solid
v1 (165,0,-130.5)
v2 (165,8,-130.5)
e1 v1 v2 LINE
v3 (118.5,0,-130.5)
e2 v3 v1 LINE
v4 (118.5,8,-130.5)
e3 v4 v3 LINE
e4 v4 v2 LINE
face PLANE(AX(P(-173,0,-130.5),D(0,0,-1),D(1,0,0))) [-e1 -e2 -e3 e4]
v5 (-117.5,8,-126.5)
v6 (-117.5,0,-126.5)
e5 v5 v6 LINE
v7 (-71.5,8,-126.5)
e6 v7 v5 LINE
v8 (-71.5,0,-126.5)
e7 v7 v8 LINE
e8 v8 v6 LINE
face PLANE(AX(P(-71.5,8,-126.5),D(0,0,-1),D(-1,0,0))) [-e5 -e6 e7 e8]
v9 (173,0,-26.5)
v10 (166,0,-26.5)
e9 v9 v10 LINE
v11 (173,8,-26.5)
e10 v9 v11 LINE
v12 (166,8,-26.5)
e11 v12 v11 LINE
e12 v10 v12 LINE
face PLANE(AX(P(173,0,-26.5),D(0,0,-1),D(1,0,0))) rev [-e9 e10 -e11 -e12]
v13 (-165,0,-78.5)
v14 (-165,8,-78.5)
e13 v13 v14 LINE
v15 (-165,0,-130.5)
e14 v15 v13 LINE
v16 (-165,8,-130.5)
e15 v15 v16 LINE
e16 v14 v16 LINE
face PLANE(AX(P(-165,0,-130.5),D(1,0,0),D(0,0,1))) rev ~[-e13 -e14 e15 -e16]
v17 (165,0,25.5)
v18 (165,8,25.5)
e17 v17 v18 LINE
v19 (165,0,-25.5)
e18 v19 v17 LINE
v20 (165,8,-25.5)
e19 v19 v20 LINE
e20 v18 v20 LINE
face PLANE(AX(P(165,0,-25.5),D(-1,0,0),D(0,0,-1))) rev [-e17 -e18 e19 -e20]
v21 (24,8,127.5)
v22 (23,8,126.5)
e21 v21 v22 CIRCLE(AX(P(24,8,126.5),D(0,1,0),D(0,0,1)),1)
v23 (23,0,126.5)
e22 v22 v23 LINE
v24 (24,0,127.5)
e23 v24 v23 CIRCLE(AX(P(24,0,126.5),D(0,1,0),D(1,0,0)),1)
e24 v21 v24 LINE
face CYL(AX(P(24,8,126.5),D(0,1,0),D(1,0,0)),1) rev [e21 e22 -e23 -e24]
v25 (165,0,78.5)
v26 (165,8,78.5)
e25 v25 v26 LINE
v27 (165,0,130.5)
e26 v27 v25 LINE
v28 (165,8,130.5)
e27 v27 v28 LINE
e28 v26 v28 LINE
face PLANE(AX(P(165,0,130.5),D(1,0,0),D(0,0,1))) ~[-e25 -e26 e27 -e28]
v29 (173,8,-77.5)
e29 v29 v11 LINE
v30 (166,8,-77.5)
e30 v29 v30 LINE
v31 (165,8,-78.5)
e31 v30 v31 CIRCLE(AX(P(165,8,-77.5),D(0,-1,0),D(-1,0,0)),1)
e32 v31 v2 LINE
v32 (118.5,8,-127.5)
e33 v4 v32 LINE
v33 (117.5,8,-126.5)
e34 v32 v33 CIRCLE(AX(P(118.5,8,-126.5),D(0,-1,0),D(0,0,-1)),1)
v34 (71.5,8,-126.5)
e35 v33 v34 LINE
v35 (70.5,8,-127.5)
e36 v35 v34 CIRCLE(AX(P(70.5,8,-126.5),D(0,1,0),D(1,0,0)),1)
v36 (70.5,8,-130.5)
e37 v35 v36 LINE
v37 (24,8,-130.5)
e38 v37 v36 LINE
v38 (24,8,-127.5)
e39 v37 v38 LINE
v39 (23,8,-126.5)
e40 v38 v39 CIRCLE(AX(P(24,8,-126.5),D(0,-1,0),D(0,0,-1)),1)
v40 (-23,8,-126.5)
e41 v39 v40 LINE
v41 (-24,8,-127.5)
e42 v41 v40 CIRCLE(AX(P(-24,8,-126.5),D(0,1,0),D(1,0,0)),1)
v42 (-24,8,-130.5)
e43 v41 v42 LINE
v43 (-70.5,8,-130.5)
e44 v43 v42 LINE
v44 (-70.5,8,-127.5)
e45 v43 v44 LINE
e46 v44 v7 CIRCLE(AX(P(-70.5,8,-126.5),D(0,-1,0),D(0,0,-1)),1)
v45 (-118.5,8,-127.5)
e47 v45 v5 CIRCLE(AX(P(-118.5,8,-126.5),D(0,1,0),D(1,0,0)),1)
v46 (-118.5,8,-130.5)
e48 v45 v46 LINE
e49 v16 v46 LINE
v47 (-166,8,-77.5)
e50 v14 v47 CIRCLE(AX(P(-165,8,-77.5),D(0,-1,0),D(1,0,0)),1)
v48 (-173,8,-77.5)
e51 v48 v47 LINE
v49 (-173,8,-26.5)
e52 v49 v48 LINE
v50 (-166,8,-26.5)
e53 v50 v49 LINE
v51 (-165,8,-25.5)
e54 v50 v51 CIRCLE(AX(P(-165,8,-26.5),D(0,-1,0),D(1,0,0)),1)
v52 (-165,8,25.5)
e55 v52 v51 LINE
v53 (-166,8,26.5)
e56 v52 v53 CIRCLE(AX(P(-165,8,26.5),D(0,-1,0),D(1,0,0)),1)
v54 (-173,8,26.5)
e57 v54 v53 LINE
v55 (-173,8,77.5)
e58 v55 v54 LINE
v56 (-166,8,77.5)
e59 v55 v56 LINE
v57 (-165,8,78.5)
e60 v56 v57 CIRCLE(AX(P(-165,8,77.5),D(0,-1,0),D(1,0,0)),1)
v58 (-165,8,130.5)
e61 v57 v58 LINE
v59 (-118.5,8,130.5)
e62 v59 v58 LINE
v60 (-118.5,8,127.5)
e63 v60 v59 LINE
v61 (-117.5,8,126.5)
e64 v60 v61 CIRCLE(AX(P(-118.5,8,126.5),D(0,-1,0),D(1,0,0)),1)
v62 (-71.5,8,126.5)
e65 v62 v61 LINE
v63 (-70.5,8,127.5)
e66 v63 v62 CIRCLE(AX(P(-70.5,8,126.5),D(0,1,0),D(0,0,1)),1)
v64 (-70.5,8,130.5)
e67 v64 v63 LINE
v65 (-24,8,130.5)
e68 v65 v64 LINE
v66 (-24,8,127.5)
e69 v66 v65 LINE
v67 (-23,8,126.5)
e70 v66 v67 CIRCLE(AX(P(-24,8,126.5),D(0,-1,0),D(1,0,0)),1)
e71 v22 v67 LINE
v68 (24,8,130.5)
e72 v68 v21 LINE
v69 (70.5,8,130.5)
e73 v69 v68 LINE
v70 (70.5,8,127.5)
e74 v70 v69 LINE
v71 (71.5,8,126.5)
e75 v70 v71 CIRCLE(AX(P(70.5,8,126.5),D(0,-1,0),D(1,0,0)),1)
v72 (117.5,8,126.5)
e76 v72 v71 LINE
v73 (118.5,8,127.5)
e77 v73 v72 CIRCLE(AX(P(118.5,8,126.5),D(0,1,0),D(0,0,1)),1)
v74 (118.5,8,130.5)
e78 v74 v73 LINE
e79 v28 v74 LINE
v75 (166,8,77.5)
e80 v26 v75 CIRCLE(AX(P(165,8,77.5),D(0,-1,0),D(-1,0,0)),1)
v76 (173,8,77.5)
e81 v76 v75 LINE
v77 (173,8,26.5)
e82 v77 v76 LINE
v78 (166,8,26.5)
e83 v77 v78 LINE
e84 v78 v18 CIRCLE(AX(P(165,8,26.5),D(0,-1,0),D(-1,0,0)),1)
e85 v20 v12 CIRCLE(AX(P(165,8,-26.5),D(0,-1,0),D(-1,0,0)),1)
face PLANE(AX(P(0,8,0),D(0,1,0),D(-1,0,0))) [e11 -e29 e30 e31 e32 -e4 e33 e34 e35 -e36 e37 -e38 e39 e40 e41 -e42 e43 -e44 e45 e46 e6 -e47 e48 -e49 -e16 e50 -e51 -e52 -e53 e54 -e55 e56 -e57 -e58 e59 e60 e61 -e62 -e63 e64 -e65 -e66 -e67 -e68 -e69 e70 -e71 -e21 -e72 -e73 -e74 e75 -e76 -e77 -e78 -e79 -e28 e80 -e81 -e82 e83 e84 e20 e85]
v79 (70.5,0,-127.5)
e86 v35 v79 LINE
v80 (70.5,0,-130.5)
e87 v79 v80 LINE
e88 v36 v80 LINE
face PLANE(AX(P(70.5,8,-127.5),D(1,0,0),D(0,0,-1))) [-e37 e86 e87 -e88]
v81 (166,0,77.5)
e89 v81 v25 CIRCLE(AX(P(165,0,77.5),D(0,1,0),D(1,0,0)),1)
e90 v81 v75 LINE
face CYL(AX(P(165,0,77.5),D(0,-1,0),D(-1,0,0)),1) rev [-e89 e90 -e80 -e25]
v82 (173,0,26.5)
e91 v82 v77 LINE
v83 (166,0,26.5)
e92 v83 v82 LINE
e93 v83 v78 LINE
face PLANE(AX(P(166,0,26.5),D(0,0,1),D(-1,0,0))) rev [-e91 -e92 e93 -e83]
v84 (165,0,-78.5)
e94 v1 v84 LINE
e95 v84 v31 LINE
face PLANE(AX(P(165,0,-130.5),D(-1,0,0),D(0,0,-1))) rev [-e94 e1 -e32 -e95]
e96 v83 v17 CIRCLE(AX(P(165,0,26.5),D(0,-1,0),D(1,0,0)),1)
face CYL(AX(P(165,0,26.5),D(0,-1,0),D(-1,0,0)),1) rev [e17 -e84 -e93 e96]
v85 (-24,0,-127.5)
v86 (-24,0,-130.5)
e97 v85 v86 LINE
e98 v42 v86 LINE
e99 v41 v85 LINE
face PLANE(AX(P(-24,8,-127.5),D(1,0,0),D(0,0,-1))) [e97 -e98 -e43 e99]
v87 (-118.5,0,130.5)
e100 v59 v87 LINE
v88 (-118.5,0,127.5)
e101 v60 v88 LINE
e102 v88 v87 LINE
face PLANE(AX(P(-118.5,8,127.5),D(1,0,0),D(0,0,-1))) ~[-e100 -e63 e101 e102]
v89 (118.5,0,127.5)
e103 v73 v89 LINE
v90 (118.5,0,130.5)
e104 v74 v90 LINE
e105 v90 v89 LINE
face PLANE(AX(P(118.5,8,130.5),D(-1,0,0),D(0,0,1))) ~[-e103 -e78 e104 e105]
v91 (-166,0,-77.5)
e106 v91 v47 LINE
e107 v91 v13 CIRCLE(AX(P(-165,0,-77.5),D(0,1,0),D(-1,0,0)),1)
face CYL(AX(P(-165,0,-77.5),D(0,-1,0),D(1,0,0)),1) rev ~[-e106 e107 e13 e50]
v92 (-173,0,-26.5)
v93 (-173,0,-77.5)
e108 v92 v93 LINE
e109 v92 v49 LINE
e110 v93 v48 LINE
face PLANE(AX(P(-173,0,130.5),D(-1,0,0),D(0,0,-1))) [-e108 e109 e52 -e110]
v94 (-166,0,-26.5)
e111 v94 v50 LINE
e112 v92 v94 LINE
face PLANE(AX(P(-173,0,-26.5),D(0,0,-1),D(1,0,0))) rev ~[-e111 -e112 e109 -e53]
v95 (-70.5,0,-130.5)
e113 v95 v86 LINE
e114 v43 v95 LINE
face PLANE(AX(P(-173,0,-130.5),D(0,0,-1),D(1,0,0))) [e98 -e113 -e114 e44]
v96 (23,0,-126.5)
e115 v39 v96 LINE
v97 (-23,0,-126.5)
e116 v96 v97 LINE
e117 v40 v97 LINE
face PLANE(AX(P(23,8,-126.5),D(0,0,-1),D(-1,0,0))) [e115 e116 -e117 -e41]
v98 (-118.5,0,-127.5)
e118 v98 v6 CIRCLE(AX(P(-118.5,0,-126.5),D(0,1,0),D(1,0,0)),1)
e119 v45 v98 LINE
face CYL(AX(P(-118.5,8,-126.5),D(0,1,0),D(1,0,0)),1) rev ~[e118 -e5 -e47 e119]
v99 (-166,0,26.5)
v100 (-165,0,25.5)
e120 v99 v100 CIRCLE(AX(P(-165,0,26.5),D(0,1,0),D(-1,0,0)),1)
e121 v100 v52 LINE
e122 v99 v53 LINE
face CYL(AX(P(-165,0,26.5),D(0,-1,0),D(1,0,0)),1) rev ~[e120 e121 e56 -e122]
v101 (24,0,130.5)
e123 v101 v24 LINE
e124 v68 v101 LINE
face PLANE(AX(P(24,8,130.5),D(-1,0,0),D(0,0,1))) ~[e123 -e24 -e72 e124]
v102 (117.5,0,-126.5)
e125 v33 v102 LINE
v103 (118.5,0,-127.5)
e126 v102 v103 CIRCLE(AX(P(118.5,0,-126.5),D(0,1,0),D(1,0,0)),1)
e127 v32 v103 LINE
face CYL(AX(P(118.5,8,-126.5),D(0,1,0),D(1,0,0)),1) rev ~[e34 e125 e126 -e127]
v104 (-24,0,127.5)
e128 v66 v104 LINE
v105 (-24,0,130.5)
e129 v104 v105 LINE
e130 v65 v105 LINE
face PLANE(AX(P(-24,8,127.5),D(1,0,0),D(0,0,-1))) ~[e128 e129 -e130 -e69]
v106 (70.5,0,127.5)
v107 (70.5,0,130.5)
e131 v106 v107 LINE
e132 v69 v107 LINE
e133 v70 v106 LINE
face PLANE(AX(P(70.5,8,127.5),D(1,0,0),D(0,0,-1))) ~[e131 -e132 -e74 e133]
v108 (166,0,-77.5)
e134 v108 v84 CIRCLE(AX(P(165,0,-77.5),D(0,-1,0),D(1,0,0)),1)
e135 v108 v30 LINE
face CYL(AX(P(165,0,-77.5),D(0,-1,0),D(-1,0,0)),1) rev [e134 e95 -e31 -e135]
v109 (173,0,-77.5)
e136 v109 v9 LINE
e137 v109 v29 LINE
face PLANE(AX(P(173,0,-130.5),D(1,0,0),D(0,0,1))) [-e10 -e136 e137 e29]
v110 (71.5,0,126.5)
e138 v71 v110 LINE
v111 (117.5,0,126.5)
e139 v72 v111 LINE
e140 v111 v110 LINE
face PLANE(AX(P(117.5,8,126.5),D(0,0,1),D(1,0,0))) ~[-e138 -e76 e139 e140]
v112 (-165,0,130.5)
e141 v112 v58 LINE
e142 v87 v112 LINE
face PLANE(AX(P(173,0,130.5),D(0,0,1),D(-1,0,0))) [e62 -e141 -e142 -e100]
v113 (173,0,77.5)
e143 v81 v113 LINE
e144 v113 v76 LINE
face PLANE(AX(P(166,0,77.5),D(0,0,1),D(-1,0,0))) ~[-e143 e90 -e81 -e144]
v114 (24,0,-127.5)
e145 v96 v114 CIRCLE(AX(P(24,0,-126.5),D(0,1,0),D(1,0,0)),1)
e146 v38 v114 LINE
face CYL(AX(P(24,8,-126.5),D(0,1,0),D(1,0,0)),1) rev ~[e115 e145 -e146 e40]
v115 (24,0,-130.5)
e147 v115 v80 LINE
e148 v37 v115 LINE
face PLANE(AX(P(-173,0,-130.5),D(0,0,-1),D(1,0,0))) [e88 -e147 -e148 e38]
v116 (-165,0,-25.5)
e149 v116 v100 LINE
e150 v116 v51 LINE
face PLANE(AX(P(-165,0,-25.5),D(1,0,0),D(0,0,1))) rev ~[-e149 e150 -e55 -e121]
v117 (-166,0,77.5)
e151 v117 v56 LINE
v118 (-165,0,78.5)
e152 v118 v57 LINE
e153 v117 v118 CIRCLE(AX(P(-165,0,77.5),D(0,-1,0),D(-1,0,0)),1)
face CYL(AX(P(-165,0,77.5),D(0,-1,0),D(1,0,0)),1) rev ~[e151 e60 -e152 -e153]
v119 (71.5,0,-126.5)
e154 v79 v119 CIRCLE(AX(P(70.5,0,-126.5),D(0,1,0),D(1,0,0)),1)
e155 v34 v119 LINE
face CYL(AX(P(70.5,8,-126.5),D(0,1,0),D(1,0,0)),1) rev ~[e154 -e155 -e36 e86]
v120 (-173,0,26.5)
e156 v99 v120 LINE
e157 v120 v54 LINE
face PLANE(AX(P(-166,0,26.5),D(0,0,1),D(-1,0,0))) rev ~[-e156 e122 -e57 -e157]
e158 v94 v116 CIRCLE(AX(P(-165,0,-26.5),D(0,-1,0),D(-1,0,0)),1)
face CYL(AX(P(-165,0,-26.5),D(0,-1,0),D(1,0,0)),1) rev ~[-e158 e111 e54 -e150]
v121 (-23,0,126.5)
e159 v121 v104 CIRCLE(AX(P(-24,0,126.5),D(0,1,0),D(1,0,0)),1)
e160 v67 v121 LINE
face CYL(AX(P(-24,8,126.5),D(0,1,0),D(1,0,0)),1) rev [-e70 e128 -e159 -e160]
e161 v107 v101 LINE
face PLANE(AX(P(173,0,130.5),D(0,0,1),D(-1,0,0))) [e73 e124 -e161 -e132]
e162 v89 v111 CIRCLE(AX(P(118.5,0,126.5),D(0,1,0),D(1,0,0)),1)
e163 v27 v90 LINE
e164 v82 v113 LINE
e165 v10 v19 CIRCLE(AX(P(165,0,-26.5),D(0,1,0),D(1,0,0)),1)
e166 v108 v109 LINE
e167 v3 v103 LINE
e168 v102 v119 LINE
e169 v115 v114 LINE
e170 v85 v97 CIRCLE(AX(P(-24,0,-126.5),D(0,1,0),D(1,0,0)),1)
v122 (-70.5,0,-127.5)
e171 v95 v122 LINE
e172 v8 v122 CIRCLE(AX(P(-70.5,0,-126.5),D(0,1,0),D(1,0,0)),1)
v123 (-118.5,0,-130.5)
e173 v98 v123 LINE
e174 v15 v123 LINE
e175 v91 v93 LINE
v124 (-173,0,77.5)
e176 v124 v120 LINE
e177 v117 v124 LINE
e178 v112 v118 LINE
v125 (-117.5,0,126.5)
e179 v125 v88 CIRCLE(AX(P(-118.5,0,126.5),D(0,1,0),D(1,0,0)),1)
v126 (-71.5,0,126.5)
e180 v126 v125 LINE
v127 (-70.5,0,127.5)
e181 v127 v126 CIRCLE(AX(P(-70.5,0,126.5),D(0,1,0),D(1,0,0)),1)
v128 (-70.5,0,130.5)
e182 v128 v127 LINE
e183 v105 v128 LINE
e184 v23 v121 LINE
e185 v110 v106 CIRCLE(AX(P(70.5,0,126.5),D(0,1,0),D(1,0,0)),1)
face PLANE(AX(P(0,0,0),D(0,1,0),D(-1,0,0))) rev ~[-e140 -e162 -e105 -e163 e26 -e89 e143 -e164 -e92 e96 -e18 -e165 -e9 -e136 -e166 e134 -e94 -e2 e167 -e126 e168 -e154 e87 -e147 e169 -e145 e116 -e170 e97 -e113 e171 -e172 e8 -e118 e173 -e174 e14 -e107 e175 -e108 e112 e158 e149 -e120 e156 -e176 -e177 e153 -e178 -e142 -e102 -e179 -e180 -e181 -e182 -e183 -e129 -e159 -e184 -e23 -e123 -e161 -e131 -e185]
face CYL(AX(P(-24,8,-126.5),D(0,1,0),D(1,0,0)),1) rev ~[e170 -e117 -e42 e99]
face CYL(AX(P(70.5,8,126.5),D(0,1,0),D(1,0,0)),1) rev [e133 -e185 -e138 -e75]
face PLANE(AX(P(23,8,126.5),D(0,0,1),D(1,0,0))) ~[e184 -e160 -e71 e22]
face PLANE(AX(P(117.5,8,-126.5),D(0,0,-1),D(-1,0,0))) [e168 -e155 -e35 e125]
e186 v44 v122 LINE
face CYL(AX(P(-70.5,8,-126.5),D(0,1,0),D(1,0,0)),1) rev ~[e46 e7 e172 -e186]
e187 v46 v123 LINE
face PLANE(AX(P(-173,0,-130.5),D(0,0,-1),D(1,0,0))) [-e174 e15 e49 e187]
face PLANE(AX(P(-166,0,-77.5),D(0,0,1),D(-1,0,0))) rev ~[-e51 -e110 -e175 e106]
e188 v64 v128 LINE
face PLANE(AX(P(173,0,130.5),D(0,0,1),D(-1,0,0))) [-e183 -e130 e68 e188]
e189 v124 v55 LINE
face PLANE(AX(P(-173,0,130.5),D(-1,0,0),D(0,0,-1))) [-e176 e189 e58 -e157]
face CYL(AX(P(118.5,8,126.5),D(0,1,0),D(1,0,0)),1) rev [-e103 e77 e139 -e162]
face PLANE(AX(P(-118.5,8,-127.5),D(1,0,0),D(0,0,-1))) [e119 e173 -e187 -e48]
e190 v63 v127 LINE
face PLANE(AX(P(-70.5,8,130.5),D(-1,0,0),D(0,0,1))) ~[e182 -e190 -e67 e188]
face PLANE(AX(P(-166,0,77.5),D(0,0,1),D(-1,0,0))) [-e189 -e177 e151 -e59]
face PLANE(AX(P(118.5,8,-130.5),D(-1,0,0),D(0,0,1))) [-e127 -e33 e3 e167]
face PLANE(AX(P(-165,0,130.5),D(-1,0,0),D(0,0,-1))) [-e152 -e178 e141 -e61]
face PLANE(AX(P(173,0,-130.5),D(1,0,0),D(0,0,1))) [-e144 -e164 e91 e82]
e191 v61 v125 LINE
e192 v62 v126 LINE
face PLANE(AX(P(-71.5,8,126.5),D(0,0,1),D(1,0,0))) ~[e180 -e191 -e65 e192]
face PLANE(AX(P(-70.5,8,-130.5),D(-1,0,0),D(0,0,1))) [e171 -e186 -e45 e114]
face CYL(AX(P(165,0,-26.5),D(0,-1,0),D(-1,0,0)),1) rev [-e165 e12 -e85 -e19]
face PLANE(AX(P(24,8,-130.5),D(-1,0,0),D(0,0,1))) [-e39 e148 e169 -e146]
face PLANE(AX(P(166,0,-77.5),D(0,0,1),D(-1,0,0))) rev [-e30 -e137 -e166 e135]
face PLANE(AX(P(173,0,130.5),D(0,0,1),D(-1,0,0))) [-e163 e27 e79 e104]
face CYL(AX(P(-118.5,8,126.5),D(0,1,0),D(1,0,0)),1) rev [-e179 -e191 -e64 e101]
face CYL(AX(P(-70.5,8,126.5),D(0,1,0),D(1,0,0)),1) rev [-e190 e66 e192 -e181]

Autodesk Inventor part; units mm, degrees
ref_plane "YZ Plane" through (0, 0, 0) normal (1, 0, 0) x (0, 1, 0)
ref_plane "XZ Plane" through (0, 0, 0) normal (0, 1, 0) x (-1, 0, 0)
ref_plane "XY Plane" through (0, 0, 0) normal (0, 0, 1) x (1, 0, 0)
sketch "Sketch1" plane through (0, 0, 0) normal (0, 1, 0) x (-1, 0, 0)
  line L0 (173, -130.5) -> (-173, -130.5)
  line L1 (-173, -130.5) -> (-173, 130.5)
  line L2 (-173, 130.5) -> (173, 130.5)
  line L3 (173, 130.5) -> (173, -130.5)
  point P0 (0, 0)
  point P1 (173, 0)
  point P2 (0, -130.5)
  dimension "d0" = 346
  dimension "d1" = 261
extrude "Extrusion1" add sketch "Sketch1" along normal blind 8
sketch "Esboço2" plane through (0, 8, 0) normal (0, 1, 0) x (1, 0, 0)
  line L0 (173, 130.5) -> (-173, 130.5) projected
  line L1 (-118.5, 130.5) -> (-70.5, 130.5)
  line L2 (-70.5, 130.5) -> (-70.5, 126.5)
  line L3 (-70.5, 126.5) -> (-118.5, 126.5)
  line L4 (-118.5, 126.5) -> (-118.5, 130.5)
  line L5 (-173, 130.5) -> (-173, -130.5) projected
  line L6 (-24, 130.5) -> (24, 130.5)
  line L7 (24, 130.5) -> (24, 126.5)
  line L8 (24, 126.5) -> (-24, 126.5)
  line L9 (-24, 126.5) -> (-24, 130.5)
  line L10 (70.5, 130.5) -> (118.5, 130.5)
  line L11 (118.5, 130.5) -> (118.5, 126.5)
  line L12 (118.5, 126.5) -> (70.5, 126.5)
  line L13 (70.5, 126.5) -> (70.5, 130.5)
  line L14 (173, -130.5) -> (173, 130.5) projected
  circle A0 centre (-118.5, 126.5) radius 1
  circle A1 centre (-70.5, 126.5) radius 1
  circle A2 centre (-24, 126.5) radius 1
  circle A3 centre (24, 126.5) radius 1
  circle A4 centre (70.5, 126.5) radius 1
  circle A5 centre (118.5, 126.5) radius 1
  point P0 (0, 0)
  dimension "d4" = 48
  dimension "d5" = 4
  dimension "d6" = 54.5
  dimension "d7" = 48
  dimension "d8" = 4
  dimension "d9" = 46.5
  dimension "d10" = 4
  dimension "d11" = 48
  dimension "d12" = 46.5
  dimension "d13" = 54.5
  dimension "d14" = 2
  dimension "d15" = 2
  dimension "d16" = 2
  dimension "d17" = 2
extrude "Extrusão2" cut sketch "Esboço2" against normal blind 10
mirror "Espelhamento1" about plane through (0, 0, 0) normal (0, 0, 1) of "Extrusão2"
sketch "Esboço3" plane through (0, 0, 0) normal (0, -1, 0) x (1, 0, 0)
  line L0 (-173, 130.5) -> (-173, -130.5) projected
  line L1 (-173, 130.5) -> (-165, 130.5)
  line L2 (-165, 130.5) -> (-165, 77.5)
  line L3 (-165, 77.5) -> (-173, 77.5)
  line L4 (-173, 77.5) -> (-173, 130.5)
  line L5 (-165, 26.5) -> (-173, 26.5)
  line L6 (-173, 26.5) -> (-173, -26.5)
  line L7 (-173, -26.5) -> (-165, -26.5)
  line L8 (-165, -26.5) -> (-165, 26.5)
  line L9 (-173, -130.5) -> (-165, -130.5)
  line L10 (-165, -130.5) -> (-165, -77.5)
  line L11 (-165, -77.5) -> (-173, -77.5)
  line L12 (-173, -77.5) -> (-173, -130.5)
  circle A0 centre (-165, 77.5) radius 1
  circle A1 centre (-165, 26.5) radius 1
  circle A2 centre (-165, -26.5) radius 1
  circle A3 centre (-165, -77.5) radius 1
  point P0 (0, 0)
  dimension "d20" = 8
  dimension "d21" = 53
  dimension "d22" = 53
  dimension "d23" = 51
  dimension "d24" = 51
  dimension "d25" = 53
  dimension "d26" = 2
  dimension "d27" = 2
  dimension "d28" = 2
  dimension "d29" = 2
extrude "Extrusão3" cut sketch "Esboço3" against normal blind 10
mirror "Espelhamento2" about plane through (0, 0, 0) normal (1, 0, 0) of "Extrusão3"
properties part number "BASE"
